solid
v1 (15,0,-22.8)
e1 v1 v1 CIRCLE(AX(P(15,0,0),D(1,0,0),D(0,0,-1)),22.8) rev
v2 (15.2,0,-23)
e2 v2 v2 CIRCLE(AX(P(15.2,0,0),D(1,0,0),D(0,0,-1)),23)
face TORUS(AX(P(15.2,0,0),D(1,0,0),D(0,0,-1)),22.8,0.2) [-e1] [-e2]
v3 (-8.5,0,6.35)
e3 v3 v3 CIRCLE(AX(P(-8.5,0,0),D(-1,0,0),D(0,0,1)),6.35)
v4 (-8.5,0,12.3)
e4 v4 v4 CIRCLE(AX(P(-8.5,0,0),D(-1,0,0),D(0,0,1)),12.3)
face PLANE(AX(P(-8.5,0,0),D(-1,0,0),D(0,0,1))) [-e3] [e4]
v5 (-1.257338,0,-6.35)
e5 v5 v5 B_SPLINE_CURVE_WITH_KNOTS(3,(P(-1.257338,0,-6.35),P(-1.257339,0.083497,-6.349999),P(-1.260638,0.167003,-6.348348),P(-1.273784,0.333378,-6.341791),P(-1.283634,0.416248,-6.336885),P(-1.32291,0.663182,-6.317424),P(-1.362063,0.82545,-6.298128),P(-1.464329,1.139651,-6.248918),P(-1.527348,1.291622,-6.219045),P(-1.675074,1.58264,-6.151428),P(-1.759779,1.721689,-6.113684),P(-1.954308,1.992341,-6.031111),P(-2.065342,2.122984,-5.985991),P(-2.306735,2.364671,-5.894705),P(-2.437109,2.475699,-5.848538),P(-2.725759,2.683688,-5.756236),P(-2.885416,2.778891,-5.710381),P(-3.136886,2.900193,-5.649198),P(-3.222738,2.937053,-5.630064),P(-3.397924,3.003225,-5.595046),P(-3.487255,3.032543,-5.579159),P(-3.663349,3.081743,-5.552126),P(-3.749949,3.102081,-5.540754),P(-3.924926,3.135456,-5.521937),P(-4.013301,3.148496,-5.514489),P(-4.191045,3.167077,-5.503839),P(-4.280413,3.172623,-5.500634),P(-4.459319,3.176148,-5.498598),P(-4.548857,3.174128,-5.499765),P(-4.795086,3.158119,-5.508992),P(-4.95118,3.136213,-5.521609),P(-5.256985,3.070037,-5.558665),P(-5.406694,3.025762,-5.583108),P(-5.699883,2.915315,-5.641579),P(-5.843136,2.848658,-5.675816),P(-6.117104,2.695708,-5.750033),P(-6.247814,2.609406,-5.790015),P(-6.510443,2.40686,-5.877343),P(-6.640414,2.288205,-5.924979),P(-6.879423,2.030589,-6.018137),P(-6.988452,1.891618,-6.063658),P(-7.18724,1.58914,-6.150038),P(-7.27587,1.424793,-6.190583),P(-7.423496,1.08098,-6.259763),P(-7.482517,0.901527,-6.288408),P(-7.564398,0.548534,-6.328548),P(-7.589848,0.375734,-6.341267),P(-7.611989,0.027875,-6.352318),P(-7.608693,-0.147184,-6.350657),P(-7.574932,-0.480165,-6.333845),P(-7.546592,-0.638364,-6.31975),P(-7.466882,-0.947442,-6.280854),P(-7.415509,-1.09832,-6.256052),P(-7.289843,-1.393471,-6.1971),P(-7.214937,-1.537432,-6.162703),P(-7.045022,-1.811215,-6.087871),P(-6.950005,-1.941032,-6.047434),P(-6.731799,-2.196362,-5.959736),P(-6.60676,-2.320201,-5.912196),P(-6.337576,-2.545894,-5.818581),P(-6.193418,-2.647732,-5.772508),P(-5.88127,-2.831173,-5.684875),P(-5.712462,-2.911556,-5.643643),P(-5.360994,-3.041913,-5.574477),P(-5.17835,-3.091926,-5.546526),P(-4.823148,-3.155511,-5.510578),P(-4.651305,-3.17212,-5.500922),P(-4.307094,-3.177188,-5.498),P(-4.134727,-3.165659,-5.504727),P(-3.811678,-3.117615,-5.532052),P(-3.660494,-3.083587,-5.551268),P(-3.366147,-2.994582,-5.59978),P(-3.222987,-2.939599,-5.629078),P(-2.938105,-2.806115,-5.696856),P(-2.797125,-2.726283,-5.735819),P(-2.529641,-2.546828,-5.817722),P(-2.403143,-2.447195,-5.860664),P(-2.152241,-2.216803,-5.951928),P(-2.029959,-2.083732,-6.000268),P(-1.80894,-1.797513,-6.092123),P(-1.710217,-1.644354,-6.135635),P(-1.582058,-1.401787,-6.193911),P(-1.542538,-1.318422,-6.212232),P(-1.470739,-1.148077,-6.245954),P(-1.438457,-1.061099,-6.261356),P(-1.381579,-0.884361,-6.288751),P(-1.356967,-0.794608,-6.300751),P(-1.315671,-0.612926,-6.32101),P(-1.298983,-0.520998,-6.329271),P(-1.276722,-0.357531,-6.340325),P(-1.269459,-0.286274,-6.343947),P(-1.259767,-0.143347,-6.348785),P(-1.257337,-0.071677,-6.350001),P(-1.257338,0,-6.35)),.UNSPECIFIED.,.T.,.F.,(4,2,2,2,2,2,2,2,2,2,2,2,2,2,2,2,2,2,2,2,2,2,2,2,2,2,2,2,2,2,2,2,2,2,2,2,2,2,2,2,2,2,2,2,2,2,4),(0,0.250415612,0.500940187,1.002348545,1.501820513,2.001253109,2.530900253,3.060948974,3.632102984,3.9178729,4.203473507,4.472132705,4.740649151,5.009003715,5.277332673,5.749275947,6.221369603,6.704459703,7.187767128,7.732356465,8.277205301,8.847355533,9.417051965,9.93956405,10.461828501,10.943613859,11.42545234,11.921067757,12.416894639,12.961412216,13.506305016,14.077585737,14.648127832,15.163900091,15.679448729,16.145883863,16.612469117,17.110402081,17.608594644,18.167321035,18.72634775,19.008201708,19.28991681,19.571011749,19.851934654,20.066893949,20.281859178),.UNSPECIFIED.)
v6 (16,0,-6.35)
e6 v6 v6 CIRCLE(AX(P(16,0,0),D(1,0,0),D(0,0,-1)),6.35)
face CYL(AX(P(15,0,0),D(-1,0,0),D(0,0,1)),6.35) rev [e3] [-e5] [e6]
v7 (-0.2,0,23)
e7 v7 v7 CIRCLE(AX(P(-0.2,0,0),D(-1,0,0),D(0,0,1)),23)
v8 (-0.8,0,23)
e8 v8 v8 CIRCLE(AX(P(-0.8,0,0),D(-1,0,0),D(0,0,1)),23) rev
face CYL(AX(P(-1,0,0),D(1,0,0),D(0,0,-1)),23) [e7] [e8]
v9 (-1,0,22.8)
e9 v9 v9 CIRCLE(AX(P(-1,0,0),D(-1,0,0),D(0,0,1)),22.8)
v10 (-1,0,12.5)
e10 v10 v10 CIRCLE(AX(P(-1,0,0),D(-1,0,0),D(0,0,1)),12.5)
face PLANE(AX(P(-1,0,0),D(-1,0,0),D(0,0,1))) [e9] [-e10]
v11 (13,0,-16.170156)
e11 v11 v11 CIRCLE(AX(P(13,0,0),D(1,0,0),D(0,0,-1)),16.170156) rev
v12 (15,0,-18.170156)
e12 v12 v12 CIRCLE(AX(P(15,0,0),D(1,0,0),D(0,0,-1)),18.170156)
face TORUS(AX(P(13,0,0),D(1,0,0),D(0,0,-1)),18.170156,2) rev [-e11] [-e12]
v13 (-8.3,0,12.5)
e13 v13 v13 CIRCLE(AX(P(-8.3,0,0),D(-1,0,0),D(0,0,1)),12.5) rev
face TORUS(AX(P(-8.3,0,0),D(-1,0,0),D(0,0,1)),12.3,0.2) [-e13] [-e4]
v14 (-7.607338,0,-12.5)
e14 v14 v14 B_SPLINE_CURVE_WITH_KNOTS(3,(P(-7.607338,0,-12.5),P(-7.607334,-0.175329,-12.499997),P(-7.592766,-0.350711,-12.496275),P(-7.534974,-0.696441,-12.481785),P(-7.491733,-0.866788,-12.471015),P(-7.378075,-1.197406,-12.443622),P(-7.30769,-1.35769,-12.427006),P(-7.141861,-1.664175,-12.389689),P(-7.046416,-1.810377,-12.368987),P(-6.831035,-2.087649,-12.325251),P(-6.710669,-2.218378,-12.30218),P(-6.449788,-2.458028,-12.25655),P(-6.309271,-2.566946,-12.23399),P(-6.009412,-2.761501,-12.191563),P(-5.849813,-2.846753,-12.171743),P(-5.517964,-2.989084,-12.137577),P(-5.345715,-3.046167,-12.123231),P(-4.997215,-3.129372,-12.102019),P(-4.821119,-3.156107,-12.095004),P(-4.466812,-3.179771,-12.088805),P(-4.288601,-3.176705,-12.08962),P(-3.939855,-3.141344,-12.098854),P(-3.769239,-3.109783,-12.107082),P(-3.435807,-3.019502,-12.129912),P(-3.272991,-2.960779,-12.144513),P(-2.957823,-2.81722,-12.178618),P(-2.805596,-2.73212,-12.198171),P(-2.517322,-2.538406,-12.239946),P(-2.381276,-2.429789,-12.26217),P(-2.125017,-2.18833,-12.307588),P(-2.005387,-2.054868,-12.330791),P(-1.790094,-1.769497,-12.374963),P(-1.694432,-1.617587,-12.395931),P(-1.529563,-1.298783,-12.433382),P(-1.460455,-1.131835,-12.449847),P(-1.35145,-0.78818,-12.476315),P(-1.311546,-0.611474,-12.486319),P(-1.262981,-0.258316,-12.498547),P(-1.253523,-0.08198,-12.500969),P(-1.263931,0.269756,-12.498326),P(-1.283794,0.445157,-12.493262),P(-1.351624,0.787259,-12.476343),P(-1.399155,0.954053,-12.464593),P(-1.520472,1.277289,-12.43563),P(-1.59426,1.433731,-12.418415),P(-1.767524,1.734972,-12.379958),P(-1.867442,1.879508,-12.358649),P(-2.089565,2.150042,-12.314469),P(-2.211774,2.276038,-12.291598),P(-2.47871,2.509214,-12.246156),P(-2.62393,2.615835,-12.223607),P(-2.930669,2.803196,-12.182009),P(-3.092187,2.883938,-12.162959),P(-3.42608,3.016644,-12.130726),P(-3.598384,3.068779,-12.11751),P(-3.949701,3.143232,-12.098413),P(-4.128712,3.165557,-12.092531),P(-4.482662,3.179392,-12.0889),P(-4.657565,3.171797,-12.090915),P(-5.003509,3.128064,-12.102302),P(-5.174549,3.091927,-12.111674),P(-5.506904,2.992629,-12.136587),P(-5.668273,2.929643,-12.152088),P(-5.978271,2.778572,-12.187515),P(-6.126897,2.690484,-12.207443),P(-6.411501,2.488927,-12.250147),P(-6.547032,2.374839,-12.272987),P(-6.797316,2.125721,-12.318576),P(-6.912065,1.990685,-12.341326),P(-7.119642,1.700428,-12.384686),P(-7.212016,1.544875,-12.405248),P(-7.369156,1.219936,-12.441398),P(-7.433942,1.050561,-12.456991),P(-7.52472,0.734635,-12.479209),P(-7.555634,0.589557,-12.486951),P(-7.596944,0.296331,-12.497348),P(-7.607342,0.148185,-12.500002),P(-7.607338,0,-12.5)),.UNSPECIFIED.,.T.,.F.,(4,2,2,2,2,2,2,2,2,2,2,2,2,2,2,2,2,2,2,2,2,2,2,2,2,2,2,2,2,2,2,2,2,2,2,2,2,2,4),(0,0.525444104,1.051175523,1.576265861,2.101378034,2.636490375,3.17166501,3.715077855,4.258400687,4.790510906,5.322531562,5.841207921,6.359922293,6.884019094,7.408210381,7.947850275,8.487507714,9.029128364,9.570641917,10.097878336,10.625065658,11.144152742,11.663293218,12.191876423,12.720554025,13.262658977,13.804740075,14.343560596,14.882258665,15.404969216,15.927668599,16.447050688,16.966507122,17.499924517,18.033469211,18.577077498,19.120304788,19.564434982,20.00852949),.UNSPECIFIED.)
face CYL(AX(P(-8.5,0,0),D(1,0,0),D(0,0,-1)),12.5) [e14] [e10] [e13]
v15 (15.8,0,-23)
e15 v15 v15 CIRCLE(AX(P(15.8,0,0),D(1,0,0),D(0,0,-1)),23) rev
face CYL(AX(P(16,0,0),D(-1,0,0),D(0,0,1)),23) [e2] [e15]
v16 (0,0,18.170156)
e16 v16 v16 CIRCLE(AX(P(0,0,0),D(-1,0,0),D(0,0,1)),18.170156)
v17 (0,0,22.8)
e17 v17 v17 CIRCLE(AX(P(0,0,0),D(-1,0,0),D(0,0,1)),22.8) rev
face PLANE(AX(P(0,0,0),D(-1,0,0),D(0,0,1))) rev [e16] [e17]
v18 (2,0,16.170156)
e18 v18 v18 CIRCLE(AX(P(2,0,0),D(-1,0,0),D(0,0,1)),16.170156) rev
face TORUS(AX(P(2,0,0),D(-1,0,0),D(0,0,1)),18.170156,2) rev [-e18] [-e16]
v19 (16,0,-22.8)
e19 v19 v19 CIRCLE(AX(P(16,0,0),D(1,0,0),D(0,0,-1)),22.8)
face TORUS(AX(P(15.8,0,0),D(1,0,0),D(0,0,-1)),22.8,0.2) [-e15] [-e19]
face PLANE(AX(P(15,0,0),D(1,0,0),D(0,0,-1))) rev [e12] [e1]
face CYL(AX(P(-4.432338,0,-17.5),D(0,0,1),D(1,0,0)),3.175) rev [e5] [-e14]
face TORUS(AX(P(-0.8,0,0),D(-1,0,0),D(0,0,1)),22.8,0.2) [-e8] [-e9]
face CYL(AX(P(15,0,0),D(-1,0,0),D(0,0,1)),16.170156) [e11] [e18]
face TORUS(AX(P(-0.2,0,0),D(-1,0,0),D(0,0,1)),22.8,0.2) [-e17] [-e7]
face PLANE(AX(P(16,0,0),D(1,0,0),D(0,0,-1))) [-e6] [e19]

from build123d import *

# Parameters (mm, degrees)
SKETCH1_R           = 16.170155876
SKETCH1_R_2         = 6.35
BOSS_EXTRUDE1_DEPTH = 15
SKETCH2_R           = 23
SKETCH2_R_2         = 6.35
BOSS_EXTRUDE2_DEPTH = 1
SKETCH3_R           = 23
SKETCH3_R_2         = 6.35
BOSS_EXTRUDE3_DEPTH = 1
FILLET1_R           = 2
FILLET2_R           = 0.2
SKETCH4_R           = 12.5
SKETCH4_R_2         = 6.35
BOSS_EXTRUDE4_DEPTH = 7.5
SKETCH5_R           = 3.175
CUT_EXTRUDE1_DEPTH  = 17.5
FILLET3_R           = 0.2


with BuildPart() as part:
    # Sketch1 → Boss-Extrude1 (new body)
    with BuildSketch(Plane(origin=(0, 0, 0), x_dir=(0, 0, -1), z_dir=(1, 0, 0))):
        Circle(SKETCH1_R)
        Circle(SKETCH1_R_2, mode=Mode.SUBTRACT)
    extrude(amount=BOSS_EXTRUDE1_DEPTH)

    # Sketch2 → Boss-Extrude2 (add)
    with BuildSketch(Plane(origin=(15, 0, 0), x_dir=(0, 0, -1), z_dir=(1, 0, 0))):
        Circle(SKETCH2_R)
        Circle(SKETCH2_R_2, mode=Mode.SUBTRACT)
    extrude(amount=BOSS_EXTRUDE2_DEPTH)

    # Sketch3 → Boss-Extrude3 (add)
    with BuildSketch(Plane.ZY):
        Circle(SKETCH3_R)
        Circle(SKETCH3_R_2, mode=Mode.SUBTRACT)
    extrude(amount=BOSS_EXTRUDE3_DEPTH)

    # Fillet1
    fillet1_edges = [part.edges().sort_by_distance(p)[0] for p in [
        (0, 0, 16.170155876),
        (15, 0, 16.170155876),
    ]]
    fillet(fillet1_edges, radius=FILLET1_R)

    # Fillet2
    fillet2_edges = [part.edges().sort_by_distance(p)[0] for p in [
        (15, 0, 23),
        (-1, 0, -23),
        (0, 0, -23),
        (16, 0, 23),
    ]]
    fillet(fillet2_edges, radius=FILLET2_R)

    # Sketch4 → Boss-Extrude4 (add)
    with BuildSketch(Plane.ZY.offset(1)):
        Circle(SKETCH4_R)
        Circle(SKETCH4_R_2, mode=Mode.SUBTRACT)
    extrude(amount=BOSS_EXTRUDE4_DEPTH)

    # Sketch5 → Cut-Extrude1 (cut)
    with BuildSketch(Plane.XY):
        with Locations((-4.432338259, 0)):
            Circle(SKETCH5_R)
    extrude(amount=-CUT_EXTRUDE1_DEPTH, mode=Mode.SUBTRACT)

    # Fillet3
    fillet3_edges = [part.edges().sort_by_distance(p)[0] for p in [
        (-8.5, 0, -12.5),
    ]]
    fillet(fillet3_edges, radius=FILLET3_R)


solid = part.part
